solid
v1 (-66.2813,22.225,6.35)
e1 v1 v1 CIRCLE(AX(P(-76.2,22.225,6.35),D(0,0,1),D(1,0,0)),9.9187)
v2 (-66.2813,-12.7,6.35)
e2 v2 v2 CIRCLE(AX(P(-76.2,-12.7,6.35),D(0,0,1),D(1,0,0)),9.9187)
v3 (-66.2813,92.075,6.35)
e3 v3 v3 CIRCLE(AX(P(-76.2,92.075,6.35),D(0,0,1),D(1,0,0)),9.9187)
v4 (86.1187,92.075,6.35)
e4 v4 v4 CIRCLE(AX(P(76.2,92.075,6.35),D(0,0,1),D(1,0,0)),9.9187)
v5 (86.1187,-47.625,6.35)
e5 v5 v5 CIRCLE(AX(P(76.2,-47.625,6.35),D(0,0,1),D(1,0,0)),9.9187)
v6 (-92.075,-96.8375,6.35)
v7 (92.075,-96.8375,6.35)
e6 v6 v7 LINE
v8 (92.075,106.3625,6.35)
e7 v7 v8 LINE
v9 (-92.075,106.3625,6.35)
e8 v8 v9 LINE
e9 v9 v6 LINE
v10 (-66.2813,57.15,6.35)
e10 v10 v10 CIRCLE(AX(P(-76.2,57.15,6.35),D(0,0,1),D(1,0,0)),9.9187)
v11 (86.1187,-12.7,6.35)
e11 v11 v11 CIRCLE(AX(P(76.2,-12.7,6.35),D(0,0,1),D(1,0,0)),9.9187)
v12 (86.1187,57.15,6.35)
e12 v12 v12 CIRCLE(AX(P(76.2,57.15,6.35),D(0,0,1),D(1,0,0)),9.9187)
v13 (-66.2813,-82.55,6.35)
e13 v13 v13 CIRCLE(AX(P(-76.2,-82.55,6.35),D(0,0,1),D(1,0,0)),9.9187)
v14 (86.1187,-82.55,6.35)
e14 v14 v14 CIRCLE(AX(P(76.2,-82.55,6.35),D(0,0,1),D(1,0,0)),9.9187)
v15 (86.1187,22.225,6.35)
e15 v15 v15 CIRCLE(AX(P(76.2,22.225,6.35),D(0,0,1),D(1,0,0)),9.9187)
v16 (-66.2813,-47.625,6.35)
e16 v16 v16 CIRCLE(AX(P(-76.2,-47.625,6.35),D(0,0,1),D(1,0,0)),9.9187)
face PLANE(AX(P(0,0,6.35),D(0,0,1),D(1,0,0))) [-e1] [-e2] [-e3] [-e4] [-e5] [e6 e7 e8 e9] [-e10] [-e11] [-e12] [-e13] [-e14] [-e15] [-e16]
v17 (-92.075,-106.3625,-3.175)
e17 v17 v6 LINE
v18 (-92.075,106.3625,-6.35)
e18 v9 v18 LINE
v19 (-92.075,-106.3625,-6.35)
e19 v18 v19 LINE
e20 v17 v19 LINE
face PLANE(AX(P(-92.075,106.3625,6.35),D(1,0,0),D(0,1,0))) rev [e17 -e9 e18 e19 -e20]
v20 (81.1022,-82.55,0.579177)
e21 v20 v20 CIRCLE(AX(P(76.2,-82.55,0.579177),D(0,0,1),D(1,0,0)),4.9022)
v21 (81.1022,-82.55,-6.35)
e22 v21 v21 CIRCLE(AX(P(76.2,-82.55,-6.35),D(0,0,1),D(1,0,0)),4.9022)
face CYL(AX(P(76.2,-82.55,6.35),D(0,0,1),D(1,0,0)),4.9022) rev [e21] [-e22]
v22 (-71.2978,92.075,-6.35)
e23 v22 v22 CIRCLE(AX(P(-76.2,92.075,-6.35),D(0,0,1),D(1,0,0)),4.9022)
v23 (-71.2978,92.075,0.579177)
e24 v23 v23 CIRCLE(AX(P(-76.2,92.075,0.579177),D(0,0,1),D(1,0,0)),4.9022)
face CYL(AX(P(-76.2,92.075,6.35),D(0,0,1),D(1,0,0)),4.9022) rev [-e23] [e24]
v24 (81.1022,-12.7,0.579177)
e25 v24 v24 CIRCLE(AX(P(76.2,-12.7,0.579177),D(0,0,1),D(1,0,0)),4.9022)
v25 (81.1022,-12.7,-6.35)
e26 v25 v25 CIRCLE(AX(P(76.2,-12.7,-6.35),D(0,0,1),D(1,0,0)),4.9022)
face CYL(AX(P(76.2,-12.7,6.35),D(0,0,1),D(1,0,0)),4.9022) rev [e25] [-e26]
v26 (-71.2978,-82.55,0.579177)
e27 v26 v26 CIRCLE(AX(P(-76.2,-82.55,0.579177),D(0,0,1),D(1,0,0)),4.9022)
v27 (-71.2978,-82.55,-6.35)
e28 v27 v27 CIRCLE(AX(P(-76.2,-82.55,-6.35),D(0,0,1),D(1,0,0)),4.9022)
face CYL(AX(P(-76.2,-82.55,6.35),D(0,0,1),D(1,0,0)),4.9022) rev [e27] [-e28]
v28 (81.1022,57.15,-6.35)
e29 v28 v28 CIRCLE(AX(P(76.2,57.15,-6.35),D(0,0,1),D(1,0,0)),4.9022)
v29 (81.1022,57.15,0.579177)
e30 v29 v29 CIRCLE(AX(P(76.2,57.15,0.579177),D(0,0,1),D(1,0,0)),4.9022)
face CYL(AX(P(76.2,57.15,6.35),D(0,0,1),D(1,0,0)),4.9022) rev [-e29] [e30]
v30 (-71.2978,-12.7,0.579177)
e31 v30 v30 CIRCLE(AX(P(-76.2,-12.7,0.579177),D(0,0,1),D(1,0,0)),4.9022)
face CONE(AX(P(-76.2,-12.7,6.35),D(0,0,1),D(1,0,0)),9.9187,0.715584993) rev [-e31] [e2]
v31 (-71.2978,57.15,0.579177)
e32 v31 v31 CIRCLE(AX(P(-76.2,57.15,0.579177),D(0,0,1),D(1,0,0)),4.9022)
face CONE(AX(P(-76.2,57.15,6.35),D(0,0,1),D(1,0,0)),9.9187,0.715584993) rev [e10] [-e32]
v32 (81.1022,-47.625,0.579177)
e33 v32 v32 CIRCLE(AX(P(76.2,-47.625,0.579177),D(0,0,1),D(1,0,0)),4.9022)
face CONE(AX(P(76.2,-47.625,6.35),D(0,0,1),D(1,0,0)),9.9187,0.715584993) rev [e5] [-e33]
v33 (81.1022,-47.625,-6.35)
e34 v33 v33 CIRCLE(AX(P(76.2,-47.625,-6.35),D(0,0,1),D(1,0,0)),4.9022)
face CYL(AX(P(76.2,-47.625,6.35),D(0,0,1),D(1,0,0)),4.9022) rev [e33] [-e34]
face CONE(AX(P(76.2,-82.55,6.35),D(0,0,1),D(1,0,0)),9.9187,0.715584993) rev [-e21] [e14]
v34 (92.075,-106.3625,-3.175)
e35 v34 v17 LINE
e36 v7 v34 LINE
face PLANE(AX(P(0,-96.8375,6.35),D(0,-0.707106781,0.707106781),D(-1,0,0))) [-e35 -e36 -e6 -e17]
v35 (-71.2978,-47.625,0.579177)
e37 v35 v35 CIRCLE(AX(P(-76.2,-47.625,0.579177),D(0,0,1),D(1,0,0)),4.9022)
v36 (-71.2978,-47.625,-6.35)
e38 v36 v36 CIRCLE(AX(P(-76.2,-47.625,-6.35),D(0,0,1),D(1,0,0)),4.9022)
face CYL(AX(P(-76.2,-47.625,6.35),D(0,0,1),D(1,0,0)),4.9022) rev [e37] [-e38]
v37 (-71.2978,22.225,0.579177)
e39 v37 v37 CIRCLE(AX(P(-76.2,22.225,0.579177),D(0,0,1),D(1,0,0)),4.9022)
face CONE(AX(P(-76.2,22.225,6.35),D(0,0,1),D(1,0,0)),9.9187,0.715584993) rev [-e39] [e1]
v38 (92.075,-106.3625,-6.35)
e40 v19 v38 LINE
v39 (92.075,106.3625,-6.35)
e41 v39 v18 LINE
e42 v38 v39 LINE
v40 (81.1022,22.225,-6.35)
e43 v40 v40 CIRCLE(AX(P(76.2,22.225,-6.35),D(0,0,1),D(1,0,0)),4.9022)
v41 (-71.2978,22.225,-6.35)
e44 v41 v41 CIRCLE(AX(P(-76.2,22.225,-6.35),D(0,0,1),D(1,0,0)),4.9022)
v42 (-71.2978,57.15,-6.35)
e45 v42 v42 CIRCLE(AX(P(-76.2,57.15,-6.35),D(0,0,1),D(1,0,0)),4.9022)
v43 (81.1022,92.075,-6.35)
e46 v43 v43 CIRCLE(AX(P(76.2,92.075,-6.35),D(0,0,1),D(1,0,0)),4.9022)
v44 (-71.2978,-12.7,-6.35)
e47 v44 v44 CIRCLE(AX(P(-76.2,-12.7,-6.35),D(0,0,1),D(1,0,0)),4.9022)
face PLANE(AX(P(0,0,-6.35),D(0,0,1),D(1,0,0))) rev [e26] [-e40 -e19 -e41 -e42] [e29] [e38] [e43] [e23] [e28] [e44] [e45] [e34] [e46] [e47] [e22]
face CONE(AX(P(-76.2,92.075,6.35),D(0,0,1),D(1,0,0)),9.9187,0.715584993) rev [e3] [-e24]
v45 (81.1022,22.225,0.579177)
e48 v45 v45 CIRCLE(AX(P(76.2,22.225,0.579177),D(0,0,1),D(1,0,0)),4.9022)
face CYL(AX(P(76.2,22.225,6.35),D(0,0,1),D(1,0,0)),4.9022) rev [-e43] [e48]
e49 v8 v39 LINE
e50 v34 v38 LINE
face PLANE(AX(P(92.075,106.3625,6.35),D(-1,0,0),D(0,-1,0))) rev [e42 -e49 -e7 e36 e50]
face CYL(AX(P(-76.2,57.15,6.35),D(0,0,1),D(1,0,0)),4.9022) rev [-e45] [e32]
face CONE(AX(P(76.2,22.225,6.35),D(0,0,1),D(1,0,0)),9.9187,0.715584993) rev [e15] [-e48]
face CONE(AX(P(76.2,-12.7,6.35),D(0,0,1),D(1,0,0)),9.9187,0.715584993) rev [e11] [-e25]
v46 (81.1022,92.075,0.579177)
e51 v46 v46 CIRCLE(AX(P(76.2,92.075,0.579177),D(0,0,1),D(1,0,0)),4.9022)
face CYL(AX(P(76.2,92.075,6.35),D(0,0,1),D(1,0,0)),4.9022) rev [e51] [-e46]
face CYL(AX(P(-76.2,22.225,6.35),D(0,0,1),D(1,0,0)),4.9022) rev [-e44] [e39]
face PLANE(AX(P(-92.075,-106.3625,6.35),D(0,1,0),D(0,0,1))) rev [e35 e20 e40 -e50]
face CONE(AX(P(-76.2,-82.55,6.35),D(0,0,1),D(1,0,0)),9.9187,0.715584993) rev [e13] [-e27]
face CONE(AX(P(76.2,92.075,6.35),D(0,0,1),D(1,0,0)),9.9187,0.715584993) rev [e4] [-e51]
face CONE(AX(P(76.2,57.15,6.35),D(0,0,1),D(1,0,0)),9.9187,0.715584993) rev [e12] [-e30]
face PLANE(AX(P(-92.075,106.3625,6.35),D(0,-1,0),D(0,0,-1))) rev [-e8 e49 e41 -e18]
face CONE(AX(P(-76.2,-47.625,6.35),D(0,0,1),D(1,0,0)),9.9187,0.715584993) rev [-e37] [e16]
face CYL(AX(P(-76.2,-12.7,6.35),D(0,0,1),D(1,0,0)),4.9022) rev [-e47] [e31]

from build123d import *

# Parameters (mm, degrees)
SKETCH1_W                                           = 184.15
SKETCH1_H                                           = 212.725
BOSS_EXTRUDE1_DEPTH                                 = 6.35
CSK_FOR_3_8_FLAT_HEAD_SOCKET_CAP_SCREW1_D           = 9.8044
CSK_FOR_3_8_FLAT_HEAD_SOCKET_CAP_SCREW1_CSINK_D     = 19.8374
CSK_FOR_3_8_FLAT_HEAD_SOCKET_CAP_SCREW1_CSINK_ANGLE = 82
CHAMFER1_SIZE                                       = 9.525


with BuildPart() as part:
    # Sketch1 → Boss-Extrude1 (new body, symmetric)
    with BuildSketch(Plane.XY):
        Rectangle(SKETCH1_W, SKETCH1_H)
    extrude(amount=BOSS_EXTRUDE1_DEPTH, both=True)

    # CSK for 3/8 Flat Head Socket Cap Screw1 (through all)
    with Locations(Plane.XY.offset(6.35)):
        with Locations((-76.2, 92.075), (-76.2, 57.15), (-76.2, 22.225), (-76.2, -12.7), (-76.2, -47.625), (-76.2, -82.55), (76.2, -82.55), (76.2, -47.625), (76.2, -12.7), (76.2, 22.225), (76.2, 57.15), (76.2, 92.075)):
            CounterSinkHole(CSK_FOR_3_8_FLAT_HEAD_SOCKET_CAP_SCREW1_D / 2, CSK_FOR_3_8_FLAT_HEAD_SOCKET_CAP_SCREW1_CSINK_D / 2, counter_sink_angle=CSK_FOR_3_8_FLAT_HEAD_SOCKET_CAP_SCREW1_CSINK_ANGLE)

    # Chamfer1
    chamfer1_edges = [part.edges().sort_by_distance(p)[0] for p in [
        (0, -106.3625, 6.35),
    ]]
    chamfer(chamfer1_edges, length=CHAMFER1_SIZE)


solid = part.part
